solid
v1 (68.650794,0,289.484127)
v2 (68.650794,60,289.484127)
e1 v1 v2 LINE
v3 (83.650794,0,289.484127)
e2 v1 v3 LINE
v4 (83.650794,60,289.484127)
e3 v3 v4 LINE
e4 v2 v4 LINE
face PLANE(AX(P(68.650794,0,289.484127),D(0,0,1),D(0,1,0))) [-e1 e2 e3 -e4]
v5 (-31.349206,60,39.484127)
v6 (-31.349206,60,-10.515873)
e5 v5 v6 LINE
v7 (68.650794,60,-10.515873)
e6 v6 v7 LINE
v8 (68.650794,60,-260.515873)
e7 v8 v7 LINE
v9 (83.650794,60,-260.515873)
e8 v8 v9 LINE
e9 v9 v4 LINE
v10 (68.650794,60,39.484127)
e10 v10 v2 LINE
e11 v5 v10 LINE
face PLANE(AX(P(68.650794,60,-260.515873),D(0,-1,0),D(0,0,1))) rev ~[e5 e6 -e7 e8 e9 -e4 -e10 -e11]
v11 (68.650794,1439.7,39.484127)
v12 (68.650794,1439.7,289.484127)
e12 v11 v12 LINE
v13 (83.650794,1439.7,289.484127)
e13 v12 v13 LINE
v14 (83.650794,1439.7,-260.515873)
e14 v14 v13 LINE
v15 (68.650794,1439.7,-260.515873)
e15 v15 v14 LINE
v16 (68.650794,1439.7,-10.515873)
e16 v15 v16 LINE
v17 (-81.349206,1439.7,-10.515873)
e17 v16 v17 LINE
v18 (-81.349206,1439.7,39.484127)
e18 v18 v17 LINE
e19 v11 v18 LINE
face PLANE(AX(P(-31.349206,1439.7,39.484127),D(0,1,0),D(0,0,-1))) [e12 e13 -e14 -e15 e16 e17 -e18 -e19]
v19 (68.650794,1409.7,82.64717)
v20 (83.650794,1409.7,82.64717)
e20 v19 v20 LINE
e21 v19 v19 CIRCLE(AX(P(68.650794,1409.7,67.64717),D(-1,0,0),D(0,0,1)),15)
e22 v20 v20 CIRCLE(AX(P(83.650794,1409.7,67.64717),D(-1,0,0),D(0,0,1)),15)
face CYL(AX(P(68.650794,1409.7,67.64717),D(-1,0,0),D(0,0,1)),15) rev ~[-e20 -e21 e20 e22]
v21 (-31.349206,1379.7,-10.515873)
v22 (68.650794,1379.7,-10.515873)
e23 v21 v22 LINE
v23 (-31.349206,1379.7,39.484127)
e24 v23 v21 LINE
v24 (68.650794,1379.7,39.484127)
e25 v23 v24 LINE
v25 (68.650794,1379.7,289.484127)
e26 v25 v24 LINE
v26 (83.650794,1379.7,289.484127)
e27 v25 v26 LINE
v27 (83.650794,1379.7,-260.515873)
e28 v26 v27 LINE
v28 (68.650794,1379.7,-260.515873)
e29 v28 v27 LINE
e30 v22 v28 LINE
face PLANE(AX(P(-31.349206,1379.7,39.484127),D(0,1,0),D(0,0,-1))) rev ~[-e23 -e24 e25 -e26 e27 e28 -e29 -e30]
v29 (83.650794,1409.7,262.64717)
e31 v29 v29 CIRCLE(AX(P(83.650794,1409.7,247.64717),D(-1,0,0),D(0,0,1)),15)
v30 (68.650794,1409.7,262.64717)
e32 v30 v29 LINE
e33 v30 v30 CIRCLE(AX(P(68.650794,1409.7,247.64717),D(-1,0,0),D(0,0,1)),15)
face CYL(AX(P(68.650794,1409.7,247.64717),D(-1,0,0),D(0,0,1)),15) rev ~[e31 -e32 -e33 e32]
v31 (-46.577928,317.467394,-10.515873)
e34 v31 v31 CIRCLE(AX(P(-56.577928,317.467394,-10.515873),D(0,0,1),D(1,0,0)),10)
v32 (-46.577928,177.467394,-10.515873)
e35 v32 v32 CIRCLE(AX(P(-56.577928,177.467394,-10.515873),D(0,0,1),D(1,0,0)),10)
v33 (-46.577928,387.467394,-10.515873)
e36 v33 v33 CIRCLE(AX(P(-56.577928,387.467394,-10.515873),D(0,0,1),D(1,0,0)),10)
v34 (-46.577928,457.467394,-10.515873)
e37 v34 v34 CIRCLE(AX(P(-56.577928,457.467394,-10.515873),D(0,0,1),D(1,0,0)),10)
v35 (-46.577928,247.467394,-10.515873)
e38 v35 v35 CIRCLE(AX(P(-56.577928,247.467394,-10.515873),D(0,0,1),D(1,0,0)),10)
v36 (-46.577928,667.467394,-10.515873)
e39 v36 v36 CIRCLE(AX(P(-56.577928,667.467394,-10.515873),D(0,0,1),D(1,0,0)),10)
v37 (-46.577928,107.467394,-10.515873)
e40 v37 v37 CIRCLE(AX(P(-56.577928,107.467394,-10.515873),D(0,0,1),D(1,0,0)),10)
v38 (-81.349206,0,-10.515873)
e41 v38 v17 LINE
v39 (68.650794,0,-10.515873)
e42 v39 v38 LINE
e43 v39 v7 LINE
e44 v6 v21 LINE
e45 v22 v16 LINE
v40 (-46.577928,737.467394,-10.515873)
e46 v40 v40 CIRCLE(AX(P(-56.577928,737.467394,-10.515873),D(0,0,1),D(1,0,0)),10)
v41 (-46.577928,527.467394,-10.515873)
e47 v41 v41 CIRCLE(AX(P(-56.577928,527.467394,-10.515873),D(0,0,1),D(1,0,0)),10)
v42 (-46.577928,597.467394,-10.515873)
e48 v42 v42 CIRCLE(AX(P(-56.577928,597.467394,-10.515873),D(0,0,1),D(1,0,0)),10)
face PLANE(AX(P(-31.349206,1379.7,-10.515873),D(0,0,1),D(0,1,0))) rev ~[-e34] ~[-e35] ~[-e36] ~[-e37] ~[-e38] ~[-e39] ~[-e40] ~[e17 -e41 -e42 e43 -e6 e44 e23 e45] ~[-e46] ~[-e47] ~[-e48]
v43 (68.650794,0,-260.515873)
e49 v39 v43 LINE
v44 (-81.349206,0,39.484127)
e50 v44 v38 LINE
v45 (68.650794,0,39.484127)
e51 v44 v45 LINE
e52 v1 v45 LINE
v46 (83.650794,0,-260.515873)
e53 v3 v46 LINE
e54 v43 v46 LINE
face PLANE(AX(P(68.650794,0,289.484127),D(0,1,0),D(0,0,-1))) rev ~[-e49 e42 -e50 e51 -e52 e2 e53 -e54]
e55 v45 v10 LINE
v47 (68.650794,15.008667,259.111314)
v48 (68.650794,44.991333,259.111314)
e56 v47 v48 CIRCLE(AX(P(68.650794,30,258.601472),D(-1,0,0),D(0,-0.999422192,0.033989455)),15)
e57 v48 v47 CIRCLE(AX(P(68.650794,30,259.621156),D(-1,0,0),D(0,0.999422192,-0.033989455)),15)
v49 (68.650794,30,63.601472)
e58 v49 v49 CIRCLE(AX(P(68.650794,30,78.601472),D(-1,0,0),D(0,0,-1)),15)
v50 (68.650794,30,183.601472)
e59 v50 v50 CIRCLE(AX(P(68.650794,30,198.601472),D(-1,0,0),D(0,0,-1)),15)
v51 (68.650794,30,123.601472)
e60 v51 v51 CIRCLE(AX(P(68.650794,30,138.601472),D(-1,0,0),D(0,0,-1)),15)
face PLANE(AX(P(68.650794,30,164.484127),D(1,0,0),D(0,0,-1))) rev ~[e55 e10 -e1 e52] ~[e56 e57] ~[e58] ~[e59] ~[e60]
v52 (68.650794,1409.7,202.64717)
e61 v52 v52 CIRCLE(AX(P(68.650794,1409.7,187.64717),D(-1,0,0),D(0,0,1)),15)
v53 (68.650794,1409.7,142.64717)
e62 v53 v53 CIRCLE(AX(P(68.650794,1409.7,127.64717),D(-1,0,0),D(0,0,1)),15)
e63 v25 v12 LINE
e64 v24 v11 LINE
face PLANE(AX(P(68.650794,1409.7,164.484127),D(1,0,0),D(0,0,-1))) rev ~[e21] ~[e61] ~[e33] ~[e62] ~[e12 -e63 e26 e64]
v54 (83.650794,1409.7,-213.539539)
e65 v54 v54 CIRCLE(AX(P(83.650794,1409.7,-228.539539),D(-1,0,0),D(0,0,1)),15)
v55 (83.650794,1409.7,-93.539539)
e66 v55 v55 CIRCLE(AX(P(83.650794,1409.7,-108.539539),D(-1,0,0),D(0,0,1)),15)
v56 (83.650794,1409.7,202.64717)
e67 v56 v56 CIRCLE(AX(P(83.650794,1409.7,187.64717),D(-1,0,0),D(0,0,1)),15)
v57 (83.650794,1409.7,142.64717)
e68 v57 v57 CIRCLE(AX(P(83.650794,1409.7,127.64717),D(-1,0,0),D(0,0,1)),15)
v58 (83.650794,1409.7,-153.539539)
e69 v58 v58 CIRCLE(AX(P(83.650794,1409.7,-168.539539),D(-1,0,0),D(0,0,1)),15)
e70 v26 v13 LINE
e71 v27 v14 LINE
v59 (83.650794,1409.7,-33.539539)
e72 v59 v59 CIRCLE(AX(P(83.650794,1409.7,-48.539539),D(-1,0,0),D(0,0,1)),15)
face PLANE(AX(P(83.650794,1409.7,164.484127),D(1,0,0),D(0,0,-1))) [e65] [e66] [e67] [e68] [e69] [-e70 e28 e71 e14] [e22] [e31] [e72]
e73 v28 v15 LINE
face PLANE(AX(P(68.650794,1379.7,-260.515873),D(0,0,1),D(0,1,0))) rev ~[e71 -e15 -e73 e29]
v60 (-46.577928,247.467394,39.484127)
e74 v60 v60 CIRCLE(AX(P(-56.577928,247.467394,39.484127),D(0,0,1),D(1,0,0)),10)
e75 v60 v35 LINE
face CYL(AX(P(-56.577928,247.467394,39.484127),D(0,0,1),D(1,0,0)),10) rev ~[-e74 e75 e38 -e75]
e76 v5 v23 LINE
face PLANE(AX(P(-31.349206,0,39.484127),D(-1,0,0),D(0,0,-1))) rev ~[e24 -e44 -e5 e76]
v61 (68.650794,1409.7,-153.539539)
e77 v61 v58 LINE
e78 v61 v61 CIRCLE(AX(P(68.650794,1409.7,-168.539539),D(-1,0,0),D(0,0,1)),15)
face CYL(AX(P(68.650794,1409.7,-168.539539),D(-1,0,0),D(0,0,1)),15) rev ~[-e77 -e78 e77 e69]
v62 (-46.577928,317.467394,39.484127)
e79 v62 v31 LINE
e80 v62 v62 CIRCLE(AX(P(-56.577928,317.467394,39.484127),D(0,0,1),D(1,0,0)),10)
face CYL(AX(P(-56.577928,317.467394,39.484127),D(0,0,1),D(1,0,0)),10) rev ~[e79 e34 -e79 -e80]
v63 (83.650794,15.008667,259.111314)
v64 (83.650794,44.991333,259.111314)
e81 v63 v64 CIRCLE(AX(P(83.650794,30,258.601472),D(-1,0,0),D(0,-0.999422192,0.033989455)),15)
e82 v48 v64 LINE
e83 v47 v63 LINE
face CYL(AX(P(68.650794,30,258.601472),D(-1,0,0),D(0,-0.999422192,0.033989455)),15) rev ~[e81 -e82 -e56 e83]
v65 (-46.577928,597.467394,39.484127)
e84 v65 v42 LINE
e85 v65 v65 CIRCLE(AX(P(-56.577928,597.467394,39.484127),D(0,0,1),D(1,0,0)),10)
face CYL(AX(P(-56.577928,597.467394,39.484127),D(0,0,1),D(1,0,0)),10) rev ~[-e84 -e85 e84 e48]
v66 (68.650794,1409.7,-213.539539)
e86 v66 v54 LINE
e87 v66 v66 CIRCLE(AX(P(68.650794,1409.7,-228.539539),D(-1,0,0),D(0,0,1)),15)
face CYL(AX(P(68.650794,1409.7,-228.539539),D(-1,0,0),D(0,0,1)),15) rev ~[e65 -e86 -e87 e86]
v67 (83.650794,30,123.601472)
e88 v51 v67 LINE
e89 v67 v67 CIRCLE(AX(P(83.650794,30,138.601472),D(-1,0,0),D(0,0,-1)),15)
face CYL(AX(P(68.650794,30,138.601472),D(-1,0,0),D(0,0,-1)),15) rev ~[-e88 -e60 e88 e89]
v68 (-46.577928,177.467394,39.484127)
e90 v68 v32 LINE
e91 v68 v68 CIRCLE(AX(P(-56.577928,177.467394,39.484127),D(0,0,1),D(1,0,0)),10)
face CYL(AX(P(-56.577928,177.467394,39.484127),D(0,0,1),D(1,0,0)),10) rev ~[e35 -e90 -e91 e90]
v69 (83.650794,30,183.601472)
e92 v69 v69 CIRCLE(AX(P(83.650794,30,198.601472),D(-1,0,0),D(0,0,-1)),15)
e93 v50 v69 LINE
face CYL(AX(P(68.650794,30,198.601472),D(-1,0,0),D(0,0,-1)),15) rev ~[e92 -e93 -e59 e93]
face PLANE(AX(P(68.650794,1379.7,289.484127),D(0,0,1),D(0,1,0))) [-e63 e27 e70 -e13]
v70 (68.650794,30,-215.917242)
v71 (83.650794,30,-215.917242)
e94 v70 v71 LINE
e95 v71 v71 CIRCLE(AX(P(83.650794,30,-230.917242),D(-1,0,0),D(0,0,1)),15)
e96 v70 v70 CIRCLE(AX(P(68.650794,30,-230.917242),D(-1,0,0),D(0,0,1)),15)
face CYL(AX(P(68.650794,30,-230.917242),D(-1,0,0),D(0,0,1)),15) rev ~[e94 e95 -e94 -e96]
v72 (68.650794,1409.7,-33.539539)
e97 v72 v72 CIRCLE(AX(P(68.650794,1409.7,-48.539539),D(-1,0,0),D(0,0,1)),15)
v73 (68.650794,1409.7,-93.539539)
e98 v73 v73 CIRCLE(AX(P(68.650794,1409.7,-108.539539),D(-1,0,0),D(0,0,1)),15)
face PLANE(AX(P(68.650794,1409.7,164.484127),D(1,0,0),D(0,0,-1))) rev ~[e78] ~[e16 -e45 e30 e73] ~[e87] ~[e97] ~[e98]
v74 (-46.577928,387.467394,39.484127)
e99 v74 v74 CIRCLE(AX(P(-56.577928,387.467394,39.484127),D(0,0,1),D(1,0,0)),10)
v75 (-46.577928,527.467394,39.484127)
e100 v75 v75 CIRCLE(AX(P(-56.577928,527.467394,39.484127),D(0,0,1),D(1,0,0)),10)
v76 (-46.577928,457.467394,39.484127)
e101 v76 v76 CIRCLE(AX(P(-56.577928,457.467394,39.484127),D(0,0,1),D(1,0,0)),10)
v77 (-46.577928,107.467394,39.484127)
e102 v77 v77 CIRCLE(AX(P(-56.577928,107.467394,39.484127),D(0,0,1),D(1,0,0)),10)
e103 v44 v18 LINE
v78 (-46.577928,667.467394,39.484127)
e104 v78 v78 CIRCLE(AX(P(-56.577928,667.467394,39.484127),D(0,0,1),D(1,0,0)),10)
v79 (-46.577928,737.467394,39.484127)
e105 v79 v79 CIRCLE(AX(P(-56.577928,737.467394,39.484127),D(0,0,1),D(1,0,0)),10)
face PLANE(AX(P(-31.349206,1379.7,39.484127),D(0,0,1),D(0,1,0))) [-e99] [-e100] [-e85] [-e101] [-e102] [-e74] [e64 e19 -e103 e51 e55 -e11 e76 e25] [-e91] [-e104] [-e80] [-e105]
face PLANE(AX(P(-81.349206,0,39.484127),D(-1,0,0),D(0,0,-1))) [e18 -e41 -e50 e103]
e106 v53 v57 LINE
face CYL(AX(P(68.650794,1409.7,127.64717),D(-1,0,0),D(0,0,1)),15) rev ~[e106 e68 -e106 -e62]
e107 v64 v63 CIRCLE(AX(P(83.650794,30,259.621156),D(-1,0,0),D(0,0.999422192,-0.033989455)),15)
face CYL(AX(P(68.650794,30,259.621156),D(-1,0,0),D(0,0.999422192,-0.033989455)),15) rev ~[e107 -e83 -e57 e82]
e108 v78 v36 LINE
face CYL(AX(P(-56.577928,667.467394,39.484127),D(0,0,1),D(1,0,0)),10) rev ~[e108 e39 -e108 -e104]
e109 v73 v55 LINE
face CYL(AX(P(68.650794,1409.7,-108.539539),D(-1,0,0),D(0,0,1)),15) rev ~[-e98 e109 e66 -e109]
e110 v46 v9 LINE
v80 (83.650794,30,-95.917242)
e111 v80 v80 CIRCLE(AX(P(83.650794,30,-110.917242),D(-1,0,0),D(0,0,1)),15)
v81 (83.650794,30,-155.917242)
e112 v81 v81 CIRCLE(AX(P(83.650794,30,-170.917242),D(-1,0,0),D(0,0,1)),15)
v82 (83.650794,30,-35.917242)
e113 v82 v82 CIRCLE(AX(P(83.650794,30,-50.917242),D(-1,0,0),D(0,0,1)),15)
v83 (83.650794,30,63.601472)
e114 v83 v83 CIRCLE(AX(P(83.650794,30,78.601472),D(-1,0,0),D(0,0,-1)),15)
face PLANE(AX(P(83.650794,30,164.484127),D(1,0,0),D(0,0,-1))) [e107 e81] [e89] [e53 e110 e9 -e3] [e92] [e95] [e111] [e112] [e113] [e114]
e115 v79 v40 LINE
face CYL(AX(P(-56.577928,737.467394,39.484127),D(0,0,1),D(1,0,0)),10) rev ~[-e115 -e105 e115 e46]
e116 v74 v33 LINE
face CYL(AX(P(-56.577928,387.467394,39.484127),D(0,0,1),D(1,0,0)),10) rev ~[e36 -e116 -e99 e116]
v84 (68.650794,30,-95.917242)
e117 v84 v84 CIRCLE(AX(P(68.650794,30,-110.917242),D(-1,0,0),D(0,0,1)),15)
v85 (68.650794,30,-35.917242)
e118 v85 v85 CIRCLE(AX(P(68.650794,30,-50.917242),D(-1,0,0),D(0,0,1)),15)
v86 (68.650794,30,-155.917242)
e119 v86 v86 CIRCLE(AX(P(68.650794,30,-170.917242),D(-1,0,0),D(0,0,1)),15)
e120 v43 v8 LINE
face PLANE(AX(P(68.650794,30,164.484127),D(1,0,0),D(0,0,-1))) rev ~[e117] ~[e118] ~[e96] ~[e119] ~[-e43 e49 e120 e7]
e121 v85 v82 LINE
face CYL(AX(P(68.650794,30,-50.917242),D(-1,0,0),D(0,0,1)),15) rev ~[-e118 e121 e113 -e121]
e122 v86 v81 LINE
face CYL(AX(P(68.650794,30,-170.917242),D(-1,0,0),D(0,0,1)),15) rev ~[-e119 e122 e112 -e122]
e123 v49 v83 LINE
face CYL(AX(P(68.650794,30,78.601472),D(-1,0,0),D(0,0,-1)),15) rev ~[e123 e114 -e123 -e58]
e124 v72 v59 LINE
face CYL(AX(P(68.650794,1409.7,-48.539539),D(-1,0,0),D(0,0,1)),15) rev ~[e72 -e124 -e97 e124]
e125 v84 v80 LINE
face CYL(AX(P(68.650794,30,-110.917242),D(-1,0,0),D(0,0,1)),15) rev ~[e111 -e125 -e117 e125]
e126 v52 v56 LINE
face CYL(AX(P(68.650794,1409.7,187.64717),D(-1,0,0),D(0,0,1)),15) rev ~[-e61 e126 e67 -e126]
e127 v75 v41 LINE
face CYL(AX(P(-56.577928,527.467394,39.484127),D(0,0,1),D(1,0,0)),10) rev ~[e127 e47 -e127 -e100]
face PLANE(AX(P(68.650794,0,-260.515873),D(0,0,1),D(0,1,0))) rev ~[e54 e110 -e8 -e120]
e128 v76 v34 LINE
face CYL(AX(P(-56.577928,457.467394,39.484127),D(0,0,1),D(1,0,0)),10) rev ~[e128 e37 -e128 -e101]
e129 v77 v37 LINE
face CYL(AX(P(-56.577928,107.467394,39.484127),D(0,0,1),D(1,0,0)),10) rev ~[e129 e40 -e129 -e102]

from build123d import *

# Parameters (mm, degrees)
SKETCH1_W           = 50
SKETCH1_H           = 50
BOSS_EXTRUDE1_DEPTH = 1439.7
SKETCH2_W           = 50
SKETCH2_H           = 60
BOSS_EXTRUDE2_DEPTH = 100
SKETCH3_W           = 250
SKETCH3_H           = 60
SKETCH3_W_2         = 50
BOSS_EXTRUDE3_DEPTH = 15
SKETCH4_R           = 10
CUT_EXTRUDE1_DEPTH  = 1474.001542864
SKETCH5_R           = 15
CUT_EXTRUDE2_DEPTH  = 1477.156207783
SKETCH7_R           = 15
CUT_EXTRUDE3_DEPTH  = 1477.156207783


with BuildPart() as part:
    # Sketch1 → Boss-Extrude1 (new body)
    with BuildSketch(Plane(origin=(0, 0, 0), x_dir=(1, 0, 0), z_dir=(0, 1, 0))):
        with Locations((-56.349206349, -14.484126984)):
            Rectangle(SKETCH1_W, SKETCH1_H)
    extrude(amount=BOSS_EXTRUDE1_DEPTH)

    # Sketch2 → Boss-Extrude2 (add)
    with BuildSketch(Plane(origin=(-31.349206349, 0, 0), x_dir=(0, 0, -1), z_dir=(1, 0, 0))):
        with Locations((-14.484126984, 1409.7)):
            Rectangle(SKETCH2_W, SKETCH2_H)
        with Locations((-14.484126984, 30)):
            Rectangle(SKETCH2_W, SKETCH2_H)
    extrude(amount=BOSS_EXTRUDE2_DEPTH)

    # Sketch3 → Boss-Extrude3 (add)
    with BuildSketch(Plane(origin=(68.650793651, 0, 0), x_dir=(0, 0, -1), z_dir=(1, 0, 0))):
        with Locations((-164.484126984, 30)):
            Rectangle(SKETCH3_W, SKETCH3_H)
        with Locations((135.515873016, 30)):
            Rectangle(SKETCH3_W, SKETCH3_H)
        with Locations((-164.484126984, 1409.7)):
            Rectangle(SKETCH3_W, SKETCH3_H)
        with Locations((135.515873016, 1409.7)):
            Rectangle(SKETCH3_W, SKETCH3_H)
        with Locations((-14.484126984, 1409.7)):
            Rectangle(SKETCH3_W_2, SKETCH3_H)
        with Locations((-14.484126984, 30)):
            Rectangle(SKETCH3_W_2, SKETCH3_H)
    extrude(amount=BOSS_EXTRUDE3_DEPTH)

    # Sketch4 → Cut-Extrude1 (cut, through all)
    with BuildSketch(Plane.XY.offset(39.484126984)):
        with Locations((-56.577927761, 597.467393714)):
            Circle(SKETCH4_R)
        with Locations((-56.577927761, 527.467393714)):
            Circle(SKETCH4_R)
        with Locations((-56.577927761, 457.467393714)):
            Circle(SKETCH4_R)
        with Locations((-56.577927761, 387.467393714)):
            Circle(SKETCH4_R)
        with Locations((-56.577927761, 317.467393714)):
            Circle(SKETCH4_R)
        with Locations((-56.577927761, 247.467393714)):
            Circle(SKETCH4_R)
        with Locations((-56.577927761, 177.467393714)):
            Circle(SKETCH4_R)
        with Locations((-56.577927761, 107.467393714)):
            Circle(SKETCH4_R)
        with Locations((-56.577927761, 667.467393714)):
            Circle(SKETCH4_R)
        with Locations((-56.577927761, 737.467393714)):
            Circle(SKETCH4_R)
    extrude(amount=-CUT_EXTRUDE1_DEPTH, mode=Mode.SUBTRACT)

    # Sketch5 → Cut-Extrude2 (cut, through all)
    with BuildSketch(Plane.ZY.offset(-68.650793651)):
        with Locations((-228.539538752, 1409.7)):
            Circle(SKETCH5_R)
        with Locations((-168.539538752, 1409.7)):
            Circle(SKETCH5_R)
        with Locations((-108.539538752, 1409.7)):
            Circle(SKETCH5_R)
        with Locations((-48.539538752, 1409.7)):
            Circle(SKETCH5_R)
        with Locations((247.647169752, 1409.7)):
            Circle(SKETCH5_R)
        with Locations((187.647169752, 1409.7)):
            Circle(SKETCH5_R)
        with Locations((127.647169752, 1409.7)):
            Circle(SKETCH5_R)
        with Locations((67.647169752, 1409.7)):
            Circle(SKETCH5_R)
    extrude(amount=-CUT_EXTRUDE2_DEPTH, mode=Mode.SUBTRACT)

    # Sketch7 → Cut-Extrude3 (cut, through all)
    with BuildSketch(Plane.ZY.offset(-68.650793651)):
        with Locations((-230.917241816, 30)):
            Circle(SKETCH7_R)
        with Locations((-170.917241816, 30)):
            Circle(SKETCH7_R)
        with Locations((-110.917241816, 30)):
            Circle(SKETCH7_R)
        with Locations((-50.917241816, 30)):
            Circle(SKETCH7_R)
        with Locations(Location((78.601472043, 30, 0), (0, 0, 180))):
            Circle(SKETCH7_R)
        with Locations(Location((138.601472043, 30, 0), (0, 0, 180))):
            Circle(SKETCH7_R)
        with Locations(Location((198.601472043, 30, 0), (0, 0, 180))):
            Circle(SKETCH7_R)
        with BuildLine():
            ThreePointArc((259.111313866, 44.991332873), (244.62115569, 30), (259.111313866, 15.008667127))
            ThreePointArc((259.111313866, 15.008667127), (273.601472043, 30), (259.111313866, 44.991332873))
        make_face()
    extrude(amount=-CUT_EXTRUDE3_DEPTH, mode=Mode.SUBTRACT)


solid = part.part
